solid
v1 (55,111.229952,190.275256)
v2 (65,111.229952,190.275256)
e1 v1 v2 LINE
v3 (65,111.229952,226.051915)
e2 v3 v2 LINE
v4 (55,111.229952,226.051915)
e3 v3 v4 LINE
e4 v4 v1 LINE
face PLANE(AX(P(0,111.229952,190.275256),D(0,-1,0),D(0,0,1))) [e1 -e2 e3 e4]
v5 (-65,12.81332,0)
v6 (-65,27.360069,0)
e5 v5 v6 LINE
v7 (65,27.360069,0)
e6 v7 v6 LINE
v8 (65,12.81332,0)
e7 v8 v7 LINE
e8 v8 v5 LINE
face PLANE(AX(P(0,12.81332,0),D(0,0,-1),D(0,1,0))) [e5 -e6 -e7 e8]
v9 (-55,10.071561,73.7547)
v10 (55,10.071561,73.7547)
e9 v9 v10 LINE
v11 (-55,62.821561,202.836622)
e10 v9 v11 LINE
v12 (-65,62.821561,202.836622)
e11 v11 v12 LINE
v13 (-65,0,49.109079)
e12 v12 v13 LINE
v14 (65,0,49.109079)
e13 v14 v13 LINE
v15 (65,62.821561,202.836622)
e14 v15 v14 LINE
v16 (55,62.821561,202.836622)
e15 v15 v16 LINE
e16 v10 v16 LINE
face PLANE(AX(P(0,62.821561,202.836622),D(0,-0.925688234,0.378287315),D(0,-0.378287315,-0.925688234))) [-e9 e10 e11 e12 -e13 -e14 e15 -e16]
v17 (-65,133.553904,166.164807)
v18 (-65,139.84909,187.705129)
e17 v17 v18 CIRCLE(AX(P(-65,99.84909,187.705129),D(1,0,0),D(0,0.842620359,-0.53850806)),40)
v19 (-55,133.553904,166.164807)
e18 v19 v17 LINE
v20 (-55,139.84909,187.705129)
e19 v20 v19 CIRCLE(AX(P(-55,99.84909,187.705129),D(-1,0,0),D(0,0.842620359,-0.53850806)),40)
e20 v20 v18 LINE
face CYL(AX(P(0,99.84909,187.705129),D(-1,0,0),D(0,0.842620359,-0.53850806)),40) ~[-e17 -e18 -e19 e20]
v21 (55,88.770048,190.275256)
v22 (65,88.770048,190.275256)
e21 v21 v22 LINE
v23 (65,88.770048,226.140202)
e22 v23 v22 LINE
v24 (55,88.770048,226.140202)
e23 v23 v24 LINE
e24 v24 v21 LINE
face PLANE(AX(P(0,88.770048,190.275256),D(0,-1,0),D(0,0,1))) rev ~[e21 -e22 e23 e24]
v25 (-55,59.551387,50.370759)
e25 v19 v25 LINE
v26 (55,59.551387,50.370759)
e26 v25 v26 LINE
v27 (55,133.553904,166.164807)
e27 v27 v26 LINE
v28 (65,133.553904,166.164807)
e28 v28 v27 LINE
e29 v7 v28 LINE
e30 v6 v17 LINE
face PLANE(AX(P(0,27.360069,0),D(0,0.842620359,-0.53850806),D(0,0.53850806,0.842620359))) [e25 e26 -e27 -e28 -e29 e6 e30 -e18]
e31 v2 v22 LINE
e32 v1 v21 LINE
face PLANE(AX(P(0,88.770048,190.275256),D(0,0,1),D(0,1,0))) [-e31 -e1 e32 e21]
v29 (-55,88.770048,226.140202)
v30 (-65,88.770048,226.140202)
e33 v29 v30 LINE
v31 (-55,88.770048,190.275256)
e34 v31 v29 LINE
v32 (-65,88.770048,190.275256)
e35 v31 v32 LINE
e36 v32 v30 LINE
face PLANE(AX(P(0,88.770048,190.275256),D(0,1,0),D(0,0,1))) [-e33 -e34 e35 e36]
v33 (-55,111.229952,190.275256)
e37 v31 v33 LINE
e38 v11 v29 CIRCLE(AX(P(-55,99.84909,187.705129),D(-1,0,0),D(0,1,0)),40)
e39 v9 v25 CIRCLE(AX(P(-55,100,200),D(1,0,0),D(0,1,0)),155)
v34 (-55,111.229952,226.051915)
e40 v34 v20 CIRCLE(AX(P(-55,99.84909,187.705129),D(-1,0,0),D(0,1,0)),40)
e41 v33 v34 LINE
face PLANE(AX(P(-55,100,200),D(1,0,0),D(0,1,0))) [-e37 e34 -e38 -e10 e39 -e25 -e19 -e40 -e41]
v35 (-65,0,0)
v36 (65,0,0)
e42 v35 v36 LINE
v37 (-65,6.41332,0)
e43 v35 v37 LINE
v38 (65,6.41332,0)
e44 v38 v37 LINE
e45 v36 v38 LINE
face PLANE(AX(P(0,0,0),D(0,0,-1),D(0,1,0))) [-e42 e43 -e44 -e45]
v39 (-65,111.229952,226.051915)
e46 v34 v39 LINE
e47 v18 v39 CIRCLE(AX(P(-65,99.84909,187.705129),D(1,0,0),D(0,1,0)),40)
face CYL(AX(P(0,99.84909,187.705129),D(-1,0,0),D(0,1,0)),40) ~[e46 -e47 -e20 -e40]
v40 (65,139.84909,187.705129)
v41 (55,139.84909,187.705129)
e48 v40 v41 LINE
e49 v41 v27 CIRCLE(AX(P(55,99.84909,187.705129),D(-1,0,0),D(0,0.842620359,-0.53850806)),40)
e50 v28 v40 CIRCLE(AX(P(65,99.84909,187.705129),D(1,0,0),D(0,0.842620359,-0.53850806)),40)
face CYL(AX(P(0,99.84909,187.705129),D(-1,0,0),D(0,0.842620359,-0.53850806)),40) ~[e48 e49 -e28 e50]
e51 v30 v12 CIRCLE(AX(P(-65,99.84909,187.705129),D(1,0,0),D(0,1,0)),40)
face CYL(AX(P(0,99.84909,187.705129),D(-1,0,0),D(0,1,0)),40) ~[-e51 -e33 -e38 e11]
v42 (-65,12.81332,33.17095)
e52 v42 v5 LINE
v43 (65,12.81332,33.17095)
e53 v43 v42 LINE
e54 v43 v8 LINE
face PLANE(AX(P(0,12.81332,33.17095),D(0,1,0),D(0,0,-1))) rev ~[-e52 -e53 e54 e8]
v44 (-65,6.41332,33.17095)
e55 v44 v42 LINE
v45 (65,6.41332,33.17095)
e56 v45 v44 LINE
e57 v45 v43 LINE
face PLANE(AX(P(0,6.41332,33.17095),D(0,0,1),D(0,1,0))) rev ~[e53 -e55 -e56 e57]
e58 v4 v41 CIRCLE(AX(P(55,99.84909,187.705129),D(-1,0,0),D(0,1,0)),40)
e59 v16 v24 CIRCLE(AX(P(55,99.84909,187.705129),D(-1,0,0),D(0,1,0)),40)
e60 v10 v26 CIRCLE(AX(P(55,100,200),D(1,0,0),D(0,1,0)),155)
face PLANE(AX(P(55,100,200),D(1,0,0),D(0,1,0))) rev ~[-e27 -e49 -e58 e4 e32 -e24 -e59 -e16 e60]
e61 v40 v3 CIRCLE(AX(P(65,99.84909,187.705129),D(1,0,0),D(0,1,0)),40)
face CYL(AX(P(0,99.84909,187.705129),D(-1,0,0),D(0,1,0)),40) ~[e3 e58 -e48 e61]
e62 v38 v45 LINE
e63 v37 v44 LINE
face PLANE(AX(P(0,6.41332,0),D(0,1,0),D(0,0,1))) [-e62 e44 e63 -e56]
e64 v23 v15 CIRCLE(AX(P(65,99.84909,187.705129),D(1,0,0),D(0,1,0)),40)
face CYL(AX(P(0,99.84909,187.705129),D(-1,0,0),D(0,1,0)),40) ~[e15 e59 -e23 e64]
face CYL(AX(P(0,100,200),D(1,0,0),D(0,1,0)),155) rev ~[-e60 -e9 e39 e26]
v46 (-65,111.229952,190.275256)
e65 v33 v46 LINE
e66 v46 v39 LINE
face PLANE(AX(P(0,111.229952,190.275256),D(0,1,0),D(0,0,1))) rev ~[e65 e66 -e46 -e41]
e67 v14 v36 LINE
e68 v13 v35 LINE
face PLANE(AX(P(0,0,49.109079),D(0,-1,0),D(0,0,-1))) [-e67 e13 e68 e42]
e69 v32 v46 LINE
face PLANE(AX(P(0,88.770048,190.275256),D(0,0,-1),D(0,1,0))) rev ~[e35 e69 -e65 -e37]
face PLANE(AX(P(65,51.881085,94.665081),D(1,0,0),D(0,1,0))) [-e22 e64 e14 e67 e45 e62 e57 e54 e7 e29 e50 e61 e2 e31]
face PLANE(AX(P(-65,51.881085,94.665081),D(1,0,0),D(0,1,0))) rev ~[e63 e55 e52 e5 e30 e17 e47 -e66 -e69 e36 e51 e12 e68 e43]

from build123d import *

# Parameters (mm, degrees)
F1_DEPTH      = 65
F2_R          = 155
F3_DEPTH      = 55
F4_W          = 22.4599032382
F4_H          = 50
F5_DEPTH      = 65.001
F5_DEPTH_BACK = 65.001


with BuildPart() as f1:
    # F0 (on Right) → F1 (new body, symmetric)
    with BuildSketch(Plane.YZ):
        with BuildLine():
            Line((0, 49.1090789437), (0, 0))
            Line((0, 0), (6.4133200794, 0))
            Line((6.4133200794, 0), (6.4133200794, 33.1709496677))
            Line((6.4133200794, 33.1709496677), (12.8133200794, 33.1709496677))
            Line((12.8133200794, 33.1709496677), (12.8133200794, 0))
            Line((12.8133200794, 0), (27.3600688376, 0))
            Line((27.3600688376, 0), (133.5539043449, 166.1648069956))
            ThreePointArc((133.5539043449, 166.1648069956), (81.4380712008, 152.1940833921), (62.8215606058, 202.8366219893))
            Line((62.8215606058, 202.8366219893), (0, 49.1090789437))
        make_face()
        with BuildLine():
            ThreePointArc((139.8490899801, 187.705129385), (107.5594344934, 226.9549776329), (62.8215606058, 202.8366219893))
            ThreePointArc((62.8215606058, 202.8366219893), (81.4380712008, 152.1940833921), (133.5539043449, 166.1648069956))
            ThreePointArc((133.5539043449, 166.1648069956), (138.2430515795, 176.4844470214), (139.8490899801, 187.705129385))
        make_face()
    extrude(amount=F1_DEPTH, both=True)

    # F2 (on Right) → F3 (cut, symmetric)
    with BuildSketch(Plane.YZ):
        with Locations((100, 200)):
            Circle(F2_R)
    extrude(amount=F3_DEPTH, both=True, mode=Mode.SUBTRACT)

    # F4 (on Right) → F5 (cut, two sides)
    with BuildSketch(Plane.YZ) as f5_sk:
        with Locations((100, 215.2752558307)):
            Rectangle(F4_W, F4_H)
    extrude(amount=-F5_DEPTH, mode=Mode.SUBTRACT)
    extrude(f5_sk.sketch, amount=F5_DEPTH_BACK, mode=Mode.SUBTRACT)


solid = f1.part
